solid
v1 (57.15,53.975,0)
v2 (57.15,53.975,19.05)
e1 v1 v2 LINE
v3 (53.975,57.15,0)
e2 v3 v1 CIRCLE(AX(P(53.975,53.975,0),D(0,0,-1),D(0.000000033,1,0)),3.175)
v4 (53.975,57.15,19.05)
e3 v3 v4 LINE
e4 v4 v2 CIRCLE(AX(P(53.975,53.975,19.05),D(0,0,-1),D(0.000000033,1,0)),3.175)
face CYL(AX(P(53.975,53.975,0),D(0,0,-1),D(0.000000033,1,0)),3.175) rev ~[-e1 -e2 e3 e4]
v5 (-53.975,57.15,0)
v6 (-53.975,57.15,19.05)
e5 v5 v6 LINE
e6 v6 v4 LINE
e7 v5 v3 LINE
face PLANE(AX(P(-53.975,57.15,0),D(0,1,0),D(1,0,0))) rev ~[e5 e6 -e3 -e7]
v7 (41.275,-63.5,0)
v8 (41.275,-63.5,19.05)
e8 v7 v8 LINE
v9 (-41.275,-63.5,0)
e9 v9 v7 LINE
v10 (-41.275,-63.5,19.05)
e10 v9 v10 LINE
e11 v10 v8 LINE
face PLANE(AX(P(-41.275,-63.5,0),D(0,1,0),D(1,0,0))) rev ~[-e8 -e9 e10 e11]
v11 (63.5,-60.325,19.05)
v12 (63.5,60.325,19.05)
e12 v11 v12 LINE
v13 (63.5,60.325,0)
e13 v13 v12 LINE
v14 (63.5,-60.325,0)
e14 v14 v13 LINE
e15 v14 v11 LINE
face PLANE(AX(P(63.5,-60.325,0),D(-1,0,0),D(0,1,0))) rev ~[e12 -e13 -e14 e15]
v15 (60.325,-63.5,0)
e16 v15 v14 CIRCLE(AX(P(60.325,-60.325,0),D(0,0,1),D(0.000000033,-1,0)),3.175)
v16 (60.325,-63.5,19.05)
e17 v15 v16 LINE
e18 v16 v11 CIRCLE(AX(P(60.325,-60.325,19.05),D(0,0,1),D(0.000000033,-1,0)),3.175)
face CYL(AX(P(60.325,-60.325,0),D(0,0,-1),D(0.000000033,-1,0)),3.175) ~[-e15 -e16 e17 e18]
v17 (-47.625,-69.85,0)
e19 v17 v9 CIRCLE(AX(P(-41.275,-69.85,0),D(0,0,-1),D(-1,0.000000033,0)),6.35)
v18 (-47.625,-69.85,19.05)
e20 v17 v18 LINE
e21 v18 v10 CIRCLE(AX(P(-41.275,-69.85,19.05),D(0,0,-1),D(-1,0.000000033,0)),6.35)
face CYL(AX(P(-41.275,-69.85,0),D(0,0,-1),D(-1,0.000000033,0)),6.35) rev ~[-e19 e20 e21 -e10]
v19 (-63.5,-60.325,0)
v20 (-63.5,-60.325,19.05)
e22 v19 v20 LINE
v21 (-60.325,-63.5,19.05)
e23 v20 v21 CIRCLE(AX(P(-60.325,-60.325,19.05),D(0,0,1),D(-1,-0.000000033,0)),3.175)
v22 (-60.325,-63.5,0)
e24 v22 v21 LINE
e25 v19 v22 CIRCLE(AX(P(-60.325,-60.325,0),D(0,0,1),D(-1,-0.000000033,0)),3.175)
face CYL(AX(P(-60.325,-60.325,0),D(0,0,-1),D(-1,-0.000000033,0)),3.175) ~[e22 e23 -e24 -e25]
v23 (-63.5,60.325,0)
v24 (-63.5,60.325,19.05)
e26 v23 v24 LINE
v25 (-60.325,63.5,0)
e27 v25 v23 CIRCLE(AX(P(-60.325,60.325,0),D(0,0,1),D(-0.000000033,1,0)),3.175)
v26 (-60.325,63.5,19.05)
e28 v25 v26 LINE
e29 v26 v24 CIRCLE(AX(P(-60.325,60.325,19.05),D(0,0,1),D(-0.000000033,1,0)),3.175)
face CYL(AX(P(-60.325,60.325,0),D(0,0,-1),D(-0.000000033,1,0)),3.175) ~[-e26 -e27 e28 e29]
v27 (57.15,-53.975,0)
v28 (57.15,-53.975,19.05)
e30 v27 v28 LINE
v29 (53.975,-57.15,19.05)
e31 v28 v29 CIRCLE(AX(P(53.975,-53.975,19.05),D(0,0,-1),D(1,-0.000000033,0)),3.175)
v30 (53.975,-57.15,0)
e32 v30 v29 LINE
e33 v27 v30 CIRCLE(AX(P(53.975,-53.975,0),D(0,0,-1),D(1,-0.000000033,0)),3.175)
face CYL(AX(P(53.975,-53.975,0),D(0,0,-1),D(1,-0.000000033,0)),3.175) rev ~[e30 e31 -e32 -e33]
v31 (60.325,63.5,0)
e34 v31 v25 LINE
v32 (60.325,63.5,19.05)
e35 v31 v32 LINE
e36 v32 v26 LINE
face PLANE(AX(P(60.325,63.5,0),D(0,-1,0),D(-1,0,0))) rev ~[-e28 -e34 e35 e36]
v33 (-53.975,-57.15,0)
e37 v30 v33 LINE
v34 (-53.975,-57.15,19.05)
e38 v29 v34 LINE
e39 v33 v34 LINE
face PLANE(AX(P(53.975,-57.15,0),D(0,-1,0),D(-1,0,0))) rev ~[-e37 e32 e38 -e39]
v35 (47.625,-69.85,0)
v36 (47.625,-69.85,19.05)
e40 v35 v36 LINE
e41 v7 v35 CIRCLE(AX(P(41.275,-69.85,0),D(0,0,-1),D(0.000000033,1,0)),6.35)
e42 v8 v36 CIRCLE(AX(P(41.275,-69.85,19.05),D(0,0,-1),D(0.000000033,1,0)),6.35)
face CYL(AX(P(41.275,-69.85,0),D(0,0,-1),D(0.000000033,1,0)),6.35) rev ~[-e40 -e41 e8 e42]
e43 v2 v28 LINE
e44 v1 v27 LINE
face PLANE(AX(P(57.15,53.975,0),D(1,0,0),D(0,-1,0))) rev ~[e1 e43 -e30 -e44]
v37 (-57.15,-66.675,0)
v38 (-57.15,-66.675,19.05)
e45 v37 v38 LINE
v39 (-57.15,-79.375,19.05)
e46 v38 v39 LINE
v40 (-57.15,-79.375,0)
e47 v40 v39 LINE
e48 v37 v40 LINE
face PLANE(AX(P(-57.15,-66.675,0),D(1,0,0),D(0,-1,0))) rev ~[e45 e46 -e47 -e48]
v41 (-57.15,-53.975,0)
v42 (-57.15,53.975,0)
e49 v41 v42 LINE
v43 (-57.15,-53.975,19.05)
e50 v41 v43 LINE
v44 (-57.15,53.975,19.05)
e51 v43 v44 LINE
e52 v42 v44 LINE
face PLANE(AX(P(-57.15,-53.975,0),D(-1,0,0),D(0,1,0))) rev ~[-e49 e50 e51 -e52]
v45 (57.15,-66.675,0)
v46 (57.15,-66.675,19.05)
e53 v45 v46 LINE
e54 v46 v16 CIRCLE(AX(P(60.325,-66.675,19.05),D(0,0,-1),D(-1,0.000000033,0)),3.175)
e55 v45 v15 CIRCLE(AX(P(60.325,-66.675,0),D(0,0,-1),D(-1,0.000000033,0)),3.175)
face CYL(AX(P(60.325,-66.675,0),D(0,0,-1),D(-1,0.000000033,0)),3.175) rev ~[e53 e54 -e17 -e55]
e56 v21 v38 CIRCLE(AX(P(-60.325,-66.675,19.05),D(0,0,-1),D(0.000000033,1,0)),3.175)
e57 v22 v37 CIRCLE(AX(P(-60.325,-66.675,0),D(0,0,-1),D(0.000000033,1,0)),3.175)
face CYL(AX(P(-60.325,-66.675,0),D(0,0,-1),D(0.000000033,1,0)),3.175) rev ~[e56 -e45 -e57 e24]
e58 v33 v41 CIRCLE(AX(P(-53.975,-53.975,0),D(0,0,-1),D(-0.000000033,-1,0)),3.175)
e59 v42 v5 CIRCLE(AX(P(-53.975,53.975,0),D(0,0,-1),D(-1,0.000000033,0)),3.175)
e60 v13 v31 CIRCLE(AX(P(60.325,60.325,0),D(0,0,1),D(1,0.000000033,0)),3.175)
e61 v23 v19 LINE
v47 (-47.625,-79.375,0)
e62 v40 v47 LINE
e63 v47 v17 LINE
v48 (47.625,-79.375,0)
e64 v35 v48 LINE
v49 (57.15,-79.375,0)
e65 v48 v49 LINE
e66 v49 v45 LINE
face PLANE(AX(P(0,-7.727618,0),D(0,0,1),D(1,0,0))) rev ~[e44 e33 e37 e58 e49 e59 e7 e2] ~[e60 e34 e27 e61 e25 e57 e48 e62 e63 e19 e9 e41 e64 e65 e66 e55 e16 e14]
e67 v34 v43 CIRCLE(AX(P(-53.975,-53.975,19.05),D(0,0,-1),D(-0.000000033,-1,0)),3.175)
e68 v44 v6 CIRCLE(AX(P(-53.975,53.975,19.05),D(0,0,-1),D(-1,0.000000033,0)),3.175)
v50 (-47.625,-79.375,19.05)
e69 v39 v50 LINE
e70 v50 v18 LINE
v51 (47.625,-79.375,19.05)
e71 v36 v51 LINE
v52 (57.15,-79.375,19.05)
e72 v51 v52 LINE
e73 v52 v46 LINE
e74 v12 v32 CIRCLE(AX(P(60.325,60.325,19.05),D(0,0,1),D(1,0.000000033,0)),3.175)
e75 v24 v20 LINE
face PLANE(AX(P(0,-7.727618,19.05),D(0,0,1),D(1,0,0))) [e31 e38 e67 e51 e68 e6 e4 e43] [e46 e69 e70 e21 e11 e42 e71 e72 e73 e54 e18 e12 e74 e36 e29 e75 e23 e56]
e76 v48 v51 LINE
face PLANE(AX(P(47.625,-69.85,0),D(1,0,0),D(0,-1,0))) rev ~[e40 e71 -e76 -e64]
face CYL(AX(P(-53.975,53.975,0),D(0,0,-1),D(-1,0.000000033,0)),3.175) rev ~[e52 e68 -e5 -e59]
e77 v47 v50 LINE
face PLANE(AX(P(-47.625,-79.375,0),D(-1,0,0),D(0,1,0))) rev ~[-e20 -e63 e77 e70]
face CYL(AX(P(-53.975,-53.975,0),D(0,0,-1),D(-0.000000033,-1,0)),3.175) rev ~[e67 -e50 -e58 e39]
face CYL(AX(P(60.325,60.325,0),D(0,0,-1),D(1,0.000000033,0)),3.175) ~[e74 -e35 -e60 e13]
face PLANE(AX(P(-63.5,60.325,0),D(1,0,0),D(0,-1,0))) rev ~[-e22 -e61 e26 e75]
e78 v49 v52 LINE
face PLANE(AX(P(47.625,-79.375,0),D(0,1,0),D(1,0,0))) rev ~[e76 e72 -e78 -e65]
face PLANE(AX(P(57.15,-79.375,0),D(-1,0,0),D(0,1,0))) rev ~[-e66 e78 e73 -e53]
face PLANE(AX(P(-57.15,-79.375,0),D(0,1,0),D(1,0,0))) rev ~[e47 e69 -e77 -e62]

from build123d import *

# Parameters (mm, degrees)
F1_DEPTH = 19.05


with BuildPart() as f1:
    # F0 (on Top) → F1 (new body)
    with BuildSketch(Plane.XY):
        with BuildLine():
            Line((60.325, 63.5), (-60.325, 63.5))
            ThreePointArc((-60.325, 63.5), (-62.570064, 62.570064), (-63.5, 60.325))
            Line((-63.5, 60.325), (-63.5, -60.325))
            ThreePointArc((-63.5, -60.325), (-62.570064, -62.570064), (-60.325, -63.5))
            ThreePointArc((-60.325, -63.5), (-58.079936, -64.429936), (-57.15, -66.675))
            Line((-57.15, -66.675), (-57.15, -79.375))
            Line((-57.15, -79.375), (-47.625, -79.375))
            Line((-47.625, -79.375), (-47.625, -69.85))
            ThreePointArc((-47.625, -69.85), (-45.765128, -65.359872), (-41.275, -63.5))
            Line((-41.275, -63.5), (41.275, -63.5))
            ThreePointArc((41.275, -63.5), (45.765128, -65.359872), (47.625, -69.85))
            Line((47.625, -69.85), (47.625, -79.375))
            Line((47.625, -79.375), (57.15, -79.375))
            Line((57.15, -79.375), (57.15, -66.675))
            ThreePointArc((57.15, -66.675), (58.079936, -64.429936), (60.325, -63.5))
            ThreePointArc((60.325, -63.5), (62.570064, -62.570064), (63.5, -60.325))
            Line((63.5, -60.325), (63.5, 60.325))
            ThreePointArc((63.5, 60.325), (62.570064, 62.570064), (60.325, 63.5))
        make_face()
        with BuildLine():
            ThreePointArc((-57.15, 53.975), (-56.220064, 56.220064), (-53.975, 57.15))
            Line((-53.975, 57.15), (53.975, 57.15))
            ThreePointArc((53.975, 57.15), (56.220064, 56.220064), (57.15, 53.975))
            Line((57.15, 53.975), (57.15, -53.975))
            ThreePointArc((57.15, -53.975), (56.220064, -56.220064), (53.975, -57.15))
            Line((53.975, -57.15), (-53.975, -57.15))
            ThreePointArc((-53.975, -57.15), (-56.220064, -56.220064), (-57.15, -53.975))
            Line((-57.15, -53.975), (-57.15, 53.975))
        make_face(mode=Mode.SUBTRACT)
    extrude(amount=F1_DEPTH)


solid = f1.part
